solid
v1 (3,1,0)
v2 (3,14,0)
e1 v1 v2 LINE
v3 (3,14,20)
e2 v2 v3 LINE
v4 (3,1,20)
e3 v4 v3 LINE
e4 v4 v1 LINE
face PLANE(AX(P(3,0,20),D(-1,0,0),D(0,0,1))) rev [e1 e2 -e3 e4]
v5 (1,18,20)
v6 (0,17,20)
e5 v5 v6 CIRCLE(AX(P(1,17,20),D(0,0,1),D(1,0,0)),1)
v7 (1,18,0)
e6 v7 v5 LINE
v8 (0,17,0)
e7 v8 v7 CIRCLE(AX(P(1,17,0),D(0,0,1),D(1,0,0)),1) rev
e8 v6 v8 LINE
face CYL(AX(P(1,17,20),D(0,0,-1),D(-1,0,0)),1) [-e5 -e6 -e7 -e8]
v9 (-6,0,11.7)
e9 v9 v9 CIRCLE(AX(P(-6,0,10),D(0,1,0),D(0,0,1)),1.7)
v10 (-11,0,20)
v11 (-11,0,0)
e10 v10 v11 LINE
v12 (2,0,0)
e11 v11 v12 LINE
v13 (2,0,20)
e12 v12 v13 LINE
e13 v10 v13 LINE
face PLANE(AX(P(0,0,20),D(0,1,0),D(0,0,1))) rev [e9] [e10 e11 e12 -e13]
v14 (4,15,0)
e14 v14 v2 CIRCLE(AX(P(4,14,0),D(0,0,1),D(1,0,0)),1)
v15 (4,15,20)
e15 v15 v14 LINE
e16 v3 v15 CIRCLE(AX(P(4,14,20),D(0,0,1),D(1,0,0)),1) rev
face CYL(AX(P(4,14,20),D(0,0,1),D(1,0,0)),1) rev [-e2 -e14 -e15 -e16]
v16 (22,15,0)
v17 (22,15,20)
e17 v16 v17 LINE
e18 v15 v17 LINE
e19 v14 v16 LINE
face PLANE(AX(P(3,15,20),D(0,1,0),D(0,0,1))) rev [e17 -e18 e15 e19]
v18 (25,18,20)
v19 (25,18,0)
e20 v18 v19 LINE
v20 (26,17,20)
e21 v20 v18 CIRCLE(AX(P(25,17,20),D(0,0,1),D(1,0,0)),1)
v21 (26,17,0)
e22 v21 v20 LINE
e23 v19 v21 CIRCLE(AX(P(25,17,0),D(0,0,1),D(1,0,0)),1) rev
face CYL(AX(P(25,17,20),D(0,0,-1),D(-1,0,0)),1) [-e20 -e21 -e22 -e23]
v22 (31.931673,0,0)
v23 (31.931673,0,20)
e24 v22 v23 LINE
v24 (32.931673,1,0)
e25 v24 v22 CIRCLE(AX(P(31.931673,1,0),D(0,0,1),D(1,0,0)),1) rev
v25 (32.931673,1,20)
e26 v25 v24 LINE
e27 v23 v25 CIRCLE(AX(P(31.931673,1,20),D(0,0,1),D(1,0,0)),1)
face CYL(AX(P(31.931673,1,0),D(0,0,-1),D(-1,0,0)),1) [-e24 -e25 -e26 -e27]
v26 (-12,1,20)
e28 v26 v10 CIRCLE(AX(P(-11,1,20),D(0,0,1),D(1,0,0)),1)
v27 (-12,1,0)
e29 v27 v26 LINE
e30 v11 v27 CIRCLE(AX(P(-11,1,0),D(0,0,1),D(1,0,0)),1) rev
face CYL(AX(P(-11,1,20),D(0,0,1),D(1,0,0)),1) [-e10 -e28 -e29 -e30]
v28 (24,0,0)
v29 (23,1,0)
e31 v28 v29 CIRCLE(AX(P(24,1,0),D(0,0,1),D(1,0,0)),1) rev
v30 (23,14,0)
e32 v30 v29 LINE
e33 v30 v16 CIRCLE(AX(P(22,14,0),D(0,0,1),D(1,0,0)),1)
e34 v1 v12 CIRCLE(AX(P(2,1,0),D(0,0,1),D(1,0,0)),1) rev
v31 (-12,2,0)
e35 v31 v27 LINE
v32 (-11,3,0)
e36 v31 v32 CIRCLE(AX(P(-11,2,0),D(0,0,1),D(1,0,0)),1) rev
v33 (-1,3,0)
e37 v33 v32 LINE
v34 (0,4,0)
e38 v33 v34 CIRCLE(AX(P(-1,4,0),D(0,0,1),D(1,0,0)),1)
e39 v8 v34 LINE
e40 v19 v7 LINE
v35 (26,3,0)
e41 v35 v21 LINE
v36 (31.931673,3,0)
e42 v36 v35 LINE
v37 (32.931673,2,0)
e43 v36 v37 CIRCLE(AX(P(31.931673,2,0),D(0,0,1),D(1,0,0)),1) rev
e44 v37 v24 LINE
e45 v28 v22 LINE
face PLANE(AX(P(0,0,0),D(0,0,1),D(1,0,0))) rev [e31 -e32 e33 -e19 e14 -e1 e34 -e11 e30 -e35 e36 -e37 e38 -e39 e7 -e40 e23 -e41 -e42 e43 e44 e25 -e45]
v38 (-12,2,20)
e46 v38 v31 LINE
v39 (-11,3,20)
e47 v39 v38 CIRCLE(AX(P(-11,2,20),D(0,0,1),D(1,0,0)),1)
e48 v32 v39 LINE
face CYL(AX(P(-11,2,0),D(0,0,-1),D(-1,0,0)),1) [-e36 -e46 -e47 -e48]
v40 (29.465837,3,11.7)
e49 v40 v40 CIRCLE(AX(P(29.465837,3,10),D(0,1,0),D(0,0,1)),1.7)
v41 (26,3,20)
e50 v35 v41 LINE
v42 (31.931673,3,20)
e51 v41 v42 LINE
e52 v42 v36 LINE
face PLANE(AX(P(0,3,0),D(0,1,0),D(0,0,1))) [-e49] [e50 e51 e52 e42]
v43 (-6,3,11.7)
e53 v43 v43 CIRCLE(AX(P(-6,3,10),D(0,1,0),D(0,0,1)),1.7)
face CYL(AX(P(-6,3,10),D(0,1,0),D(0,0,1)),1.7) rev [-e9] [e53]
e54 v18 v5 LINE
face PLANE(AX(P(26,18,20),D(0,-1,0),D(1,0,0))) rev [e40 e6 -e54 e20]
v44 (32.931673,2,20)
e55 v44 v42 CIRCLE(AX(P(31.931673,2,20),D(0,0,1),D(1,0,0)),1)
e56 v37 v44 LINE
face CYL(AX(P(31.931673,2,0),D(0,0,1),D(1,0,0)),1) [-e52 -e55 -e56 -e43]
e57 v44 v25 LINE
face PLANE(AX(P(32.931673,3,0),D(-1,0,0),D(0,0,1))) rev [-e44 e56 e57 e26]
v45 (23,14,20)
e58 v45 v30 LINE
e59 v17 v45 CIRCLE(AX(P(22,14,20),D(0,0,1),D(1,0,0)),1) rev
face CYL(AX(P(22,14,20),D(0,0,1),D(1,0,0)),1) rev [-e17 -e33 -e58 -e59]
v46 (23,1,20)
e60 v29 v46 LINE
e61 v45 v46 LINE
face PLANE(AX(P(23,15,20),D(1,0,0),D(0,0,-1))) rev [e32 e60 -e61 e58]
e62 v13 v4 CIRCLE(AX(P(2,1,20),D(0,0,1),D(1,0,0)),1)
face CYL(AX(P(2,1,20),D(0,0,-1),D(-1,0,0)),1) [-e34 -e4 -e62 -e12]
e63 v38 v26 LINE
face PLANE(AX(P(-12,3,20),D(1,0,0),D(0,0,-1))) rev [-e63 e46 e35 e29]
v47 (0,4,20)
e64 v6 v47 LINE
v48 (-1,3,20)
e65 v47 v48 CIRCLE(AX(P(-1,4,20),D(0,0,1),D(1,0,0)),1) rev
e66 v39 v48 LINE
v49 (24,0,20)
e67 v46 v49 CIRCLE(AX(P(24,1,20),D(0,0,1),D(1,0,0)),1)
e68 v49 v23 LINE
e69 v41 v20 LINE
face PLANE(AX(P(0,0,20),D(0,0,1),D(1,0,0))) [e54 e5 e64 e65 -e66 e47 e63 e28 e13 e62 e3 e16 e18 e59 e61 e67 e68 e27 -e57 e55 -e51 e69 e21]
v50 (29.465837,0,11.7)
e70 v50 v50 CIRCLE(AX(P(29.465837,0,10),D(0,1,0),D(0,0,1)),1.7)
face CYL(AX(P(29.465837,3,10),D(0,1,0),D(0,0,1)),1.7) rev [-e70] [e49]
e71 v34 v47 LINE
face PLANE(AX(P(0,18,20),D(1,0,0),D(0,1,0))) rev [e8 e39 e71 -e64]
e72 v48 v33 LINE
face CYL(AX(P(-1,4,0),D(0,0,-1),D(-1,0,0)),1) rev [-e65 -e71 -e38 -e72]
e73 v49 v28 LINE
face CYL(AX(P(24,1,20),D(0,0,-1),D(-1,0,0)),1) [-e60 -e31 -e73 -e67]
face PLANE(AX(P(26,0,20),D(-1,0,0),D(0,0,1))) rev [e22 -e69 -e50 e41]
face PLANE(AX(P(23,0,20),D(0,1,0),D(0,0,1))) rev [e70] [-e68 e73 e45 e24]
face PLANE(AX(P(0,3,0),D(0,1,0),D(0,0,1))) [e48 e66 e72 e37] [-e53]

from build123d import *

# Parameters (mm, degrees)
BOSS_EXTRUDE1_DEPTH  = 20
SKETCH7_W            = 12
SKETCH7_H            = 20
SKETCH7_W_2          = 6.931673433
BOSS_EXTRUDE2_DEPTH  = 3
M3_CLEARANCE_HOLE2_D = 3.4
FILLET1_R            = 1


with BuildPart() as part:
    # Sketch3 → Boss-Extrude1 (new body)
    with BuildSketch(Plane.XY):
        Polygon((3, 0), (3, 15), (23, 15), (23, 0), (26, 0), (26, 18), (0, 18), (0, 0), align=None)
    extrude(amount=BOSS_EXTRUDE1_DEPTH)

    # Sketch7 → Boss-Extrude2 (add)
    with BuildSketch(Plane(origin=(0, 0, 0), x_dir=(1, 0, 0), z_dir=(0, 1, 0))):
        with Locations((-6, -10)):
            Rectangle(SKETCH7_W, SKETCH7_H)
        with Locations((29.465836717, -10)):
            Rectangle(SKETCH7_W_2, SKETCH7_H)
    extrude(amount=BOSS_EXTRUDE2_DEPTH)

    # M3 Clearance Hole2 (through all)
    with Locations(Plane(origin=(0, 3, 0), x_dir=(1, 0, 0), z_dir=(0, 1, 0))):
        with Locations((29.465836717, -10), (-6, -10)):
            Hole(M3_CLEARANCE_HOLE2_D / 2)

    # Fillet1
    fillet1_edges = [part.edges().sort_by_distance(p)[0] for p in [
        (0, 18, 10),
        (26, 18, 10),
        (23, 0, 10),
        (23, 15, 10),
        (3, 15, 10),
        (3, 0, 10),
        (32.931673433, 0, 10),
        (32.931673433, 3, 10),
        (-12, 0, 10),
        (0, 3, 10),
        (-12, 3, 10),
    ]]
    fillet(fillet1_edges, radius=FILLET1_R)


solid = part.part
